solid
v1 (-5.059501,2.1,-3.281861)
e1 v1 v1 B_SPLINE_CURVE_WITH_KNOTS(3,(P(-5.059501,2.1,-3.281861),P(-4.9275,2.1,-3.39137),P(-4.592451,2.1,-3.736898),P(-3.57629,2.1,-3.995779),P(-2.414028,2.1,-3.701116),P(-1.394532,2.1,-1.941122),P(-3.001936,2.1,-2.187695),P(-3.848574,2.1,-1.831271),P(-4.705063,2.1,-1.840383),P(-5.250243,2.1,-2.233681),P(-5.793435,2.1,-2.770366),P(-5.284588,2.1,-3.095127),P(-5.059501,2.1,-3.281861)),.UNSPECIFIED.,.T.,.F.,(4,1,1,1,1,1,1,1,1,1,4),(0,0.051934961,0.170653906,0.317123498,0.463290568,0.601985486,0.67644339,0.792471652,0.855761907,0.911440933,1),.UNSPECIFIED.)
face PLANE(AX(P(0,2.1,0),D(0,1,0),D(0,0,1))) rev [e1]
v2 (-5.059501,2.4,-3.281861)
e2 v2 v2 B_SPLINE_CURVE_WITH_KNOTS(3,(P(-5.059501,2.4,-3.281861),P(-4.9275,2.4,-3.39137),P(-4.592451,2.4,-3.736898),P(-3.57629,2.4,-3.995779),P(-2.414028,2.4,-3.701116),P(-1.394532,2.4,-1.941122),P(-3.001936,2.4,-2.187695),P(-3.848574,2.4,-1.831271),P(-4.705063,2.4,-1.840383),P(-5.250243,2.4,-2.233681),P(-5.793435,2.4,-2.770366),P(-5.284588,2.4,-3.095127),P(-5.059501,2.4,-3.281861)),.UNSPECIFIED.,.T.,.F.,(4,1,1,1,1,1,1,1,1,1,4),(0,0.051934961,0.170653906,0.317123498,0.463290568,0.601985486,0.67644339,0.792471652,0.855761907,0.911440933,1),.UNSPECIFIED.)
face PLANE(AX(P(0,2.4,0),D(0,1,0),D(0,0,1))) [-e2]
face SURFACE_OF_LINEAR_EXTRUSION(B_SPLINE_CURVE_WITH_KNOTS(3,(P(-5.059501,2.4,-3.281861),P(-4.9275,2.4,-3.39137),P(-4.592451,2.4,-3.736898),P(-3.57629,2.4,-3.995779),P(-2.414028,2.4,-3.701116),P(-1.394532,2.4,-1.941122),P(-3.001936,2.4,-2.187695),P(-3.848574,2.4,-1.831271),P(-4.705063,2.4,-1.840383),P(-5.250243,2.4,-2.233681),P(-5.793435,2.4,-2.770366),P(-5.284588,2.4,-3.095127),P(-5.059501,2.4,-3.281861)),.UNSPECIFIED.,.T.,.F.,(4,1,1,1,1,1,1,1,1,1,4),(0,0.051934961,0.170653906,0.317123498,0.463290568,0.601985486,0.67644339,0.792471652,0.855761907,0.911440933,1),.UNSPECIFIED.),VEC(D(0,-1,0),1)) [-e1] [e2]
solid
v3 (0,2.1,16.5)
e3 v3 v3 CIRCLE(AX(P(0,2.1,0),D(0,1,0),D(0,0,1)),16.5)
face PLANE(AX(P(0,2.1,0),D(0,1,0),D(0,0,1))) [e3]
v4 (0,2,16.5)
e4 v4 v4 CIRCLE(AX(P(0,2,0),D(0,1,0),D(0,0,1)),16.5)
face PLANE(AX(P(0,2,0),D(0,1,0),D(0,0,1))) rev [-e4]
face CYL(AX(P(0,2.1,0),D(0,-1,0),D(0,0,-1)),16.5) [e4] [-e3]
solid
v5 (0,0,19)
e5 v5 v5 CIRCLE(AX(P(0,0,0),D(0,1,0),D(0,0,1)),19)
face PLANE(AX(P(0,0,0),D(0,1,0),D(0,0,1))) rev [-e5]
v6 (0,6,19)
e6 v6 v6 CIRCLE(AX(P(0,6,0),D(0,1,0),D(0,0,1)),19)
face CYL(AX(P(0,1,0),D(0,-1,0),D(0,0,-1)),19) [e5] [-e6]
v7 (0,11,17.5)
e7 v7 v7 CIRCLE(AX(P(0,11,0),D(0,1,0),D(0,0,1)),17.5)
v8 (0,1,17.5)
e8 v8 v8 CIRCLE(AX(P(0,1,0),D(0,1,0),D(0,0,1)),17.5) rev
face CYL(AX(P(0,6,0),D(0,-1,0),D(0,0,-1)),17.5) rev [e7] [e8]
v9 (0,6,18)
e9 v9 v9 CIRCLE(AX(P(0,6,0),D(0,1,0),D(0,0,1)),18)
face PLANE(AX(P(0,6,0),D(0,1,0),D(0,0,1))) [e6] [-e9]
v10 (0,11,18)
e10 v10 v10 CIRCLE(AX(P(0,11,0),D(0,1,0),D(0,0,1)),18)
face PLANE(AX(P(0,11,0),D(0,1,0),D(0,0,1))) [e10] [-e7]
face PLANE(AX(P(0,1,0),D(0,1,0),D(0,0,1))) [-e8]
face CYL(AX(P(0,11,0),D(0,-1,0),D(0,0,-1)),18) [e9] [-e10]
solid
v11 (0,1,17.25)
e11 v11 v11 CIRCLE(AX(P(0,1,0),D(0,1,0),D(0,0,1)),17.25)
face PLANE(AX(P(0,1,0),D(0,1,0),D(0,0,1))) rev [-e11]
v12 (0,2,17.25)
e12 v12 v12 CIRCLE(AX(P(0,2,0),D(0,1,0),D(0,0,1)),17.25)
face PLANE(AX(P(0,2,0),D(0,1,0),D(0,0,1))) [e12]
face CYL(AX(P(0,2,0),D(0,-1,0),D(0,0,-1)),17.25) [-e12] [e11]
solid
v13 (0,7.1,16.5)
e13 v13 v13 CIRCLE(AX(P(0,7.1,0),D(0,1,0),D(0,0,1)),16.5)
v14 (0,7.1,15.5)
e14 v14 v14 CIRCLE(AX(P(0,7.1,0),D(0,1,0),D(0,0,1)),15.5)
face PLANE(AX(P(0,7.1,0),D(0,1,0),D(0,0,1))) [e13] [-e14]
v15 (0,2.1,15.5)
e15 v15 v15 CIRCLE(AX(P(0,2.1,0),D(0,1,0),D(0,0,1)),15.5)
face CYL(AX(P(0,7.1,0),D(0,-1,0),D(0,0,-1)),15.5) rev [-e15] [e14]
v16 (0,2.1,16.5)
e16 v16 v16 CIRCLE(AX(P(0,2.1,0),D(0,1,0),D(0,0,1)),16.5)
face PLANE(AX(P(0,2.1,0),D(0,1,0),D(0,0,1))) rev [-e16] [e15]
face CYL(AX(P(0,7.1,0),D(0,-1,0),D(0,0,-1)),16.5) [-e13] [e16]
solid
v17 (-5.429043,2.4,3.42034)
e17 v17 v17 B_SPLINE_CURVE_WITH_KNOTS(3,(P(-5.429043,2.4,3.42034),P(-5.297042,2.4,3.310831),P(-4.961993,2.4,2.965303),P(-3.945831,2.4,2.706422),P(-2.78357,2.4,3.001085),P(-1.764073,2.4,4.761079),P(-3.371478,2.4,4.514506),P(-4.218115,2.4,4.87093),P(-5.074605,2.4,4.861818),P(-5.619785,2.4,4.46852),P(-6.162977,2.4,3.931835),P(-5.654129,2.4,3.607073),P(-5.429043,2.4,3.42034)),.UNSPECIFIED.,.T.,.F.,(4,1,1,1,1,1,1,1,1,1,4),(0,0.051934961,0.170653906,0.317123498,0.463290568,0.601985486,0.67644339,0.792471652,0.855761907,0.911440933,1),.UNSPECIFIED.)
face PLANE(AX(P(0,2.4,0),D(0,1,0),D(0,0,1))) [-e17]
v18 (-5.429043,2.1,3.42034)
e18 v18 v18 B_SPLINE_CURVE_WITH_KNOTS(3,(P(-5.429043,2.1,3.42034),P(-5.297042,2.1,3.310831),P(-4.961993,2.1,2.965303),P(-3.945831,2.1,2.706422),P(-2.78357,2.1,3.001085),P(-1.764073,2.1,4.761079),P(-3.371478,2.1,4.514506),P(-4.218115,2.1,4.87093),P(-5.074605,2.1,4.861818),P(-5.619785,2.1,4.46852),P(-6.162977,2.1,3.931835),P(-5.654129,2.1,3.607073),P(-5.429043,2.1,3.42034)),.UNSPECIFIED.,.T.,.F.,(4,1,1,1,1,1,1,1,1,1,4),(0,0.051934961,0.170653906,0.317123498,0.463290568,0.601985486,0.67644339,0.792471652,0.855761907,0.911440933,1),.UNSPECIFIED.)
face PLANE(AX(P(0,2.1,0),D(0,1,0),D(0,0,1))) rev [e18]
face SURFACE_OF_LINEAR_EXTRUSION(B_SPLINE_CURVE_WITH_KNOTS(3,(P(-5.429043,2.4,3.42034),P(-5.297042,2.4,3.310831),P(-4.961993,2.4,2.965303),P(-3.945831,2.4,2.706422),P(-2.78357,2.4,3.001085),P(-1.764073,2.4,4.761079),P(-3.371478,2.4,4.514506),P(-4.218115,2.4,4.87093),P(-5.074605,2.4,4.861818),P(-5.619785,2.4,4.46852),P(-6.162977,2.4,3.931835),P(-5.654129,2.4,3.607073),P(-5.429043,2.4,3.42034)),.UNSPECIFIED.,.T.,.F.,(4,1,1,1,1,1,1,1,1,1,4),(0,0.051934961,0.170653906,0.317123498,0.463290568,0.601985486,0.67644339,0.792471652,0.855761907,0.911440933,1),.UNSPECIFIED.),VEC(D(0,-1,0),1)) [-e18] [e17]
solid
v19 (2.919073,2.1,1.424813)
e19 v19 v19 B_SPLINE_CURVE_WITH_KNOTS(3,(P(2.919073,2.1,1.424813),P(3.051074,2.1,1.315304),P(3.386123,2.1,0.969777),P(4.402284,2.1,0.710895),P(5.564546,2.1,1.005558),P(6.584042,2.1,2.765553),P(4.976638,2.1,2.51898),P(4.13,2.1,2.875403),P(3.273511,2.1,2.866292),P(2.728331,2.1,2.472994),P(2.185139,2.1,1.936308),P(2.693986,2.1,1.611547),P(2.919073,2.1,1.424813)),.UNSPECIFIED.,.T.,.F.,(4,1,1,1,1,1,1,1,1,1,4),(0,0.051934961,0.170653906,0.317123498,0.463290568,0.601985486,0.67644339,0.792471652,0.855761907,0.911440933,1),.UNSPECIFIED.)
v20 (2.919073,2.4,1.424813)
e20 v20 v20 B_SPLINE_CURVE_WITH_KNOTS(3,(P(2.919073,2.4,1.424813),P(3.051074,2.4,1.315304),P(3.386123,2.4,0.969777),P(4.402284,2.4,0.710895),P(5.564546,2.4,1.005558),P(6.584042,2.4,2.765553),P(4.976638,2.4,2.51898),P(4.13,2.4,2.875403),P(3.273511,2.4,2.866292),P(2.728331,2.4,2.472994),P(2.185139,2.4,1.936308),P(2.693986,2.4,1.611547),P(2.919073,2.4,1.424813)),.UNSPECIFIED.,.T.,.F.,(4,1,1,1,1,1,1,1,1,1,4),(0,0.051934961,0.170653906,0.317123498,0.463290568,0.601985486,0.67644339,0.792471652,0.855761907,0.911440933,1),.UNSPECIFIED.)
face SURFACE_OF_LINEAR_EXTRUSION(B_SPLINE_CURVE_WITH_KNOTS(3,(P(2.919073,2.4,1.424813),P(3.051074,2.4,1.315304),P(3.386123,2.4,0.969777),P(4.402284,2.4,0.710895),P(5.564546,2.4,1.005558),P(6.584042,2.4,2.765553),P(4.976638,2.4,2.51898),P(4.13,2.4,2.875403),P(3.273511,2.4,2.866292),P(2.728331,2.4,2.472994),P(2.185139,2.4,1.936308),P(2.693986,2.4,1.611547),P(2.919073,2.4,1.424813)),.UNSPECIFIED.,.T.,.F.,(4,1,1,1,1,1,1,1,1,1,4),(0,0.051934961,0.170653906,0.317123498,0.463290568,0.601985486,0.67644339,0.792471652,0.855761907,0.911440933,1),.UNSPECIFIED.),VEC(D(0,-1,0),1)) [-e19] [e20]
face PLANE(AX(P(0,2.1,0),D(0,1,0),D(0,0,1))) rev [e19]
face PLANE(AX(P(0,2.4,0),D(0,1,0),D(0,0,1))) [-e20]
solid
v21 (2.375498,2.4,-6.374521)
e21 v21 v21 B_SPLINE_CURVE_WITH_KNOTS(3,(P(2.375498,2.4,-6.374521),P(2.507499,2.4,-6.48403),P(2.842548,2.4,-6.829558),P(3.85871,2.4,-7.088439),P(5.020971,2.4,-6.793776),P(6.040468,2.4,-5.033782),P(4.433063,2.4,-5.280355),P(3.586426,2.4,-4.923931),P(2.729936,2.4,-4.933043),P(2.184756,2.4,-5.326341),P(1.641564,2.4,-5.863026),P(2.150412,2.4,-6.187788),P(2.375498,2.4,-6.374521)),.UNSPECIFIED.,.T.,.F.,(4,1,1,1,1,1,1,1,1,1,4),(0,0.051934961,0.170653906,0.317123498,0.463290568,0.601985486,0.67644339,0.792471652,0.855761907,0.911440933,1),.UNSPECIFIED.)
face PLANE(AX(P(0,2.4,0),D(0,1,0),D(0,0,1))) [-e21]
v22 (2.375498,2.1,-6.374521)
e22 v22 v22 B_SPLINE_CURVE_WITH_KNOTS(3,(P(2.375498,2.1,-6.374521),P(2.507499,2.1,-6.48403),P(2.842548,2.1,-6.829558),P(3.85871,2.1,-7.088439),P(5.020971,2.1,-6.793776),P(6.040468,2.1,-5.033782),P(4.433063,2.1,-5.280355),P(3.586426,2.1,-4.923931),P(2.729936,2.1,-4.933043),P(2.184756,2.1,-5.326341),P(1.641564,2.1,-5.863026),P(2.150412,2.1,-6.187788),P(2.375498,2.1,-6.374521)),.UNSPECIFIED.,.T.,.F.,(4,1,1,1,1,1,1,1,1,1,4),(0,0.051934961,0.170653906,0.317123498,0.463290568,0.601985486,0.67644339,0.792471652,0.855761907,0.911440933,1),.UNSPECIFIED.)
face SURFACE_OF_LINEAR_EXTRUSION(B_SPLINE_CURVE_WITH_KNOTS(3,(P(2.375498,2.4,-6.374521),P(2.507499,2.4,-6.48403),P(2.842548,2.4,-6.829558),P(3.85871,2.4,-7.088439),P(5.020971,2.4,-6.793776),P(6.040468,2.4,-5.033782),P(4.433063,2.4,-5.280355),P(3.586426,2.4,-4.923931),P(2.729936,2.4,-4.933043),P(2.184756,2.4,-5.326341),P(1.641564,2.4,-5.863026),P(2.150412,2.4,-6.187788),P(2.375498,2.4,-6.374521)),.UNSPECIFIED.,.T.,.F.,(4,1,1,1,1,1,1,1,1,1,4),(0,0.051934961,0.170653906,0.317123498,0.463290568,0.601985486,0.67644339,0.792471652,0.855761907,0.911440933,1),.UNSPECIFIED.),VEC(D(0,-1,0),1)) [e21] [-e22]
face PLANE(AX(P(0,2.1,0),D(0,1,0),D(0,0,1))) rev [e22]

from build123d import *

# Parameters (mm, degrees)
SKETCH1_R           = 19
BOSS_EXTRUDE1_DEPTH = 1
SKETCH2_R           = 19
SKETCH2_R_2         = 17.5
BOSS_EXTRUDE2_DEPTH = 5
SKETCH3_R           = 18
SKETCH3_R_2         = 17.5
BOSS_EXTRUDE3_DEPTH = 5
SKETCH4_R           = 16.5
MEMBRANE_DEPTH      = 0.1
SKETCH5_R           = 16.5
SKETCH5_R_2         = 15.5
BOSS_EXTRUDE5_DEPTH = 5
SLICES_DEPTH        = 0.3
SLICES_2_DEPTH      = 0.3
SLICES_3_DEPTH      = 0.3
SLICES_4_DEPTH      = 0.3
SKETCH7_R           = 17.25
BOSS_EXTRUDE7_DEPTH = 1


with BuildPart() as part:
    # Sketch1 → Boss-Extrude1 (new body)
    with BuildSketch(Plane(origin=(0, 0, 0), x_dir=(1, 0, 0), z_dir=(0, 1, 0))):
        Circle(SKETCH1_R)
    extrude(amount=BOSS_EXTRUDE1_DEPTH)

    # Sketch2 → Boss-Extrude2 (add)
    with BuildSketch(Plane(origin=(0, 1, 0), x_dir=(1, 0, 0), z_dir=(0, 1, 0))):
        Circle(SKETCH2_R)
        Circle(SKETCH2_R_2, mode=Mode.SUBTRACT)
    extrude(amount=BOSS_EXTRUDE2_DEPTH)

    # Sketch3 → Boss-Extrude3 (add)
    with BuildSketch(Plane(origin=(0, 6, 0), x_dir=(1, 0, 0), z_dir=(0, 1, 0))):
        Circle(SKETCH3_R)
        Circle(SKETCH3_R_2, mode=Mode.SUBTRACT)
    extrude(amount=BOSS_EXTRUDE3_DEPTH)


with BuildPart() as body_2:
    # Sketch4 → membrane (new body)
    with BuildSketch(Plane(origin=(0, 2, 0), x_dir=(1, 0, 0), z_dir=(0, 1, 0))):
        Circle(SKETCH4_R)
    extrude(amount=MEMBRANE_DEPTH)


with BuildPart() as body_3:
    # Sketch5 → Boss-Extrude5 (new body)
    with BuildSketch(Plane(origin=(0, 2.1, 0), x_dir=(1, 0, 0), z_dir=(0, 1, 0))):
        Circle(SKETCH5_R)
        Circle(SKETCH5_R_2, mode=Mode.SUBTRACT)
    extrude(amount=BOSS_EXTRUDE5_DEPTH)


with BuildPart() as body_4:
    # Sketch6 → slices (new body)
    with BuildSketch(Plane(origin=(0, 2.1, 0), x_dir=(1, 0, 0), z_dir=(0, 1, 0))):
        with BuildLine():
            add(Edge.make_bspline(
                [(-5.429042639, -3.420339657), (-5.297041768, -3.310830686), (-4.961993019, -2.965303225), (-3.945831341, -2.706421687), (-2.783569857, -3.001085011), (-1.764073176, -4.761079251), (-3.371477913, -4.51450635), (-4.218115468, -4.870930058), (-5.074604653, -4.861818086), (-5.619785113, -4.468520181), (-6.162976614, -3.931834745), (-5.654129434, -3.60707345), (-5.429042639, -3.420339657)],
                knots=[0, 0, 0, 0, 0.051934961, 0.170653906, 0.317123498, 0.463290568, 0.601985486, 0.67644339, 0.792471652, 0.855761907, 0.911440933, 1, 1, 1, 1], degree=3))
        make_face()
    extrude(amount=SLICES_DEPTH)


with BuildPart() as body_5:
    # Sketch6 → slices 2 (new body)
    with BuildSketch(Plane(origin=(0, 2.1, 0), x_dir=(1, 0, 0), z_dir=(0, 1, 0))):
        with BuildLine():
            add(Edge.make_bspline(
                [(-5.059501001, 3.281861232), (-4.92750013, 3.391370203), (-4.592451381, 3.736897664), (-3.576289703, 3.995779201), (-2.414028219, 3.701115877), (-1.394531538, 1.941121638), (-3.001936275, 2.187694539), (-3.84857383, 1.83127083), (-4.705063014, 1.840382802), (-5.250243475, 2.233680708), (-5.793434976, 2.770366144), (-5.284587796, 3.095127439), (-5.059501001, 3.281861232)],
                knots=[0, 0, 0, 0, 0.051934961, 0.170653906, 0.317123498, 0.463290568, 0.601985486, 0.67644339, 0.792471652, 0.855761907, 0.911440933, 1, 1, 1, 1], degree=3))
        make_face()
    extrude(amount=SLICES_2_DEPTH)


with BuildPart() as body_6:
    # Sketch6 → slices 3 (new body)
    with BuildSketch(Plane(origin=(0, 2.1, 0), x_dir=(1, 0, 0), z_dir=(0, 1, 0))):
        with BuildLine():
            add(Edge.make_bspline(
                [(2.375498422, 6.374521352), (2.507499294, 6.484030323), (2.842548043, 6.829557784), (3.85870972, 7.088439322), (5.020971205, 6.793775998), (6.040467885, 5.033781758), (4.433063148, 5.280354659), (3.586425594, 4.923930951), (2.729936409, 4.933042923), (2.184755949, 5.326340828), (1.641564448, 5.863026264), (2.150411627, 6.187787559), (2.375498422, 6.374521352)],
                knots=[0, 0, 0, 0, 0.051934961, 0.170653906, 0.317123498, 0.463290568, 0.601985486, 0.67644339, 0.792471652, 0.855761907, 0.911440933, 1, 1, 1, 1], degree=3))
        make_face()
    extrude(amount=SLICES_3_DEPTH)


with BuildPart() as body_7:
    # Sketch6 → slices 4 (new body)
    with BuildSketch(Plane(origin=(0, 2.1, 0), x_dir=(1, 0, 0), z_dir=(0, 1, 0))):
        with BuildLine():
            add(Edge.make_bspline(
                [(2.919072984, -1.424813087), (3.051073856, -1.315304116), (3.386122605, -0.969776655), (4.402284282, -0.710895118), (5.564545767, -1.005558442), (6.584042447, -2.765552681), (4.97663771, -2.51897978), (4.130000156, -2.875403489), (3.273510971, -2.866291517), (2.728330511, -2.472993611), (2.18513901, -1.936308175), (2.693986189, -1.61154688), (2.919072984, -1.424813087)],
                knots=[0, 0, 0, 0, 0.051934961, 0.170653906, 0.317123498, 0.463290568, 0.601985486, 0.67644339, 0.792471652, 0.855761907, 0.911440933, 1, 1, 1, 1], degree=3))
        make_face()
    extrude(amount=SLICES_4_DEPTH)


with BuildPart() as body_8:
    # Sketch7 → Boss-Extrude7 (new body)
    with BuildSketch(Plane(origin=(0, 1, 0), x_dir=(1, 0, 0), z_dir=(0, 1, 0))):
        Circle(SKETCH7_R)
    extrude(amount=BOSS_EXTRUDE7_DEPTH)


solid = Compound([part.part, body_2.part, body_3.part, body_4.part, body_5.part, body_6.part, body_7.part, body_8.part])
